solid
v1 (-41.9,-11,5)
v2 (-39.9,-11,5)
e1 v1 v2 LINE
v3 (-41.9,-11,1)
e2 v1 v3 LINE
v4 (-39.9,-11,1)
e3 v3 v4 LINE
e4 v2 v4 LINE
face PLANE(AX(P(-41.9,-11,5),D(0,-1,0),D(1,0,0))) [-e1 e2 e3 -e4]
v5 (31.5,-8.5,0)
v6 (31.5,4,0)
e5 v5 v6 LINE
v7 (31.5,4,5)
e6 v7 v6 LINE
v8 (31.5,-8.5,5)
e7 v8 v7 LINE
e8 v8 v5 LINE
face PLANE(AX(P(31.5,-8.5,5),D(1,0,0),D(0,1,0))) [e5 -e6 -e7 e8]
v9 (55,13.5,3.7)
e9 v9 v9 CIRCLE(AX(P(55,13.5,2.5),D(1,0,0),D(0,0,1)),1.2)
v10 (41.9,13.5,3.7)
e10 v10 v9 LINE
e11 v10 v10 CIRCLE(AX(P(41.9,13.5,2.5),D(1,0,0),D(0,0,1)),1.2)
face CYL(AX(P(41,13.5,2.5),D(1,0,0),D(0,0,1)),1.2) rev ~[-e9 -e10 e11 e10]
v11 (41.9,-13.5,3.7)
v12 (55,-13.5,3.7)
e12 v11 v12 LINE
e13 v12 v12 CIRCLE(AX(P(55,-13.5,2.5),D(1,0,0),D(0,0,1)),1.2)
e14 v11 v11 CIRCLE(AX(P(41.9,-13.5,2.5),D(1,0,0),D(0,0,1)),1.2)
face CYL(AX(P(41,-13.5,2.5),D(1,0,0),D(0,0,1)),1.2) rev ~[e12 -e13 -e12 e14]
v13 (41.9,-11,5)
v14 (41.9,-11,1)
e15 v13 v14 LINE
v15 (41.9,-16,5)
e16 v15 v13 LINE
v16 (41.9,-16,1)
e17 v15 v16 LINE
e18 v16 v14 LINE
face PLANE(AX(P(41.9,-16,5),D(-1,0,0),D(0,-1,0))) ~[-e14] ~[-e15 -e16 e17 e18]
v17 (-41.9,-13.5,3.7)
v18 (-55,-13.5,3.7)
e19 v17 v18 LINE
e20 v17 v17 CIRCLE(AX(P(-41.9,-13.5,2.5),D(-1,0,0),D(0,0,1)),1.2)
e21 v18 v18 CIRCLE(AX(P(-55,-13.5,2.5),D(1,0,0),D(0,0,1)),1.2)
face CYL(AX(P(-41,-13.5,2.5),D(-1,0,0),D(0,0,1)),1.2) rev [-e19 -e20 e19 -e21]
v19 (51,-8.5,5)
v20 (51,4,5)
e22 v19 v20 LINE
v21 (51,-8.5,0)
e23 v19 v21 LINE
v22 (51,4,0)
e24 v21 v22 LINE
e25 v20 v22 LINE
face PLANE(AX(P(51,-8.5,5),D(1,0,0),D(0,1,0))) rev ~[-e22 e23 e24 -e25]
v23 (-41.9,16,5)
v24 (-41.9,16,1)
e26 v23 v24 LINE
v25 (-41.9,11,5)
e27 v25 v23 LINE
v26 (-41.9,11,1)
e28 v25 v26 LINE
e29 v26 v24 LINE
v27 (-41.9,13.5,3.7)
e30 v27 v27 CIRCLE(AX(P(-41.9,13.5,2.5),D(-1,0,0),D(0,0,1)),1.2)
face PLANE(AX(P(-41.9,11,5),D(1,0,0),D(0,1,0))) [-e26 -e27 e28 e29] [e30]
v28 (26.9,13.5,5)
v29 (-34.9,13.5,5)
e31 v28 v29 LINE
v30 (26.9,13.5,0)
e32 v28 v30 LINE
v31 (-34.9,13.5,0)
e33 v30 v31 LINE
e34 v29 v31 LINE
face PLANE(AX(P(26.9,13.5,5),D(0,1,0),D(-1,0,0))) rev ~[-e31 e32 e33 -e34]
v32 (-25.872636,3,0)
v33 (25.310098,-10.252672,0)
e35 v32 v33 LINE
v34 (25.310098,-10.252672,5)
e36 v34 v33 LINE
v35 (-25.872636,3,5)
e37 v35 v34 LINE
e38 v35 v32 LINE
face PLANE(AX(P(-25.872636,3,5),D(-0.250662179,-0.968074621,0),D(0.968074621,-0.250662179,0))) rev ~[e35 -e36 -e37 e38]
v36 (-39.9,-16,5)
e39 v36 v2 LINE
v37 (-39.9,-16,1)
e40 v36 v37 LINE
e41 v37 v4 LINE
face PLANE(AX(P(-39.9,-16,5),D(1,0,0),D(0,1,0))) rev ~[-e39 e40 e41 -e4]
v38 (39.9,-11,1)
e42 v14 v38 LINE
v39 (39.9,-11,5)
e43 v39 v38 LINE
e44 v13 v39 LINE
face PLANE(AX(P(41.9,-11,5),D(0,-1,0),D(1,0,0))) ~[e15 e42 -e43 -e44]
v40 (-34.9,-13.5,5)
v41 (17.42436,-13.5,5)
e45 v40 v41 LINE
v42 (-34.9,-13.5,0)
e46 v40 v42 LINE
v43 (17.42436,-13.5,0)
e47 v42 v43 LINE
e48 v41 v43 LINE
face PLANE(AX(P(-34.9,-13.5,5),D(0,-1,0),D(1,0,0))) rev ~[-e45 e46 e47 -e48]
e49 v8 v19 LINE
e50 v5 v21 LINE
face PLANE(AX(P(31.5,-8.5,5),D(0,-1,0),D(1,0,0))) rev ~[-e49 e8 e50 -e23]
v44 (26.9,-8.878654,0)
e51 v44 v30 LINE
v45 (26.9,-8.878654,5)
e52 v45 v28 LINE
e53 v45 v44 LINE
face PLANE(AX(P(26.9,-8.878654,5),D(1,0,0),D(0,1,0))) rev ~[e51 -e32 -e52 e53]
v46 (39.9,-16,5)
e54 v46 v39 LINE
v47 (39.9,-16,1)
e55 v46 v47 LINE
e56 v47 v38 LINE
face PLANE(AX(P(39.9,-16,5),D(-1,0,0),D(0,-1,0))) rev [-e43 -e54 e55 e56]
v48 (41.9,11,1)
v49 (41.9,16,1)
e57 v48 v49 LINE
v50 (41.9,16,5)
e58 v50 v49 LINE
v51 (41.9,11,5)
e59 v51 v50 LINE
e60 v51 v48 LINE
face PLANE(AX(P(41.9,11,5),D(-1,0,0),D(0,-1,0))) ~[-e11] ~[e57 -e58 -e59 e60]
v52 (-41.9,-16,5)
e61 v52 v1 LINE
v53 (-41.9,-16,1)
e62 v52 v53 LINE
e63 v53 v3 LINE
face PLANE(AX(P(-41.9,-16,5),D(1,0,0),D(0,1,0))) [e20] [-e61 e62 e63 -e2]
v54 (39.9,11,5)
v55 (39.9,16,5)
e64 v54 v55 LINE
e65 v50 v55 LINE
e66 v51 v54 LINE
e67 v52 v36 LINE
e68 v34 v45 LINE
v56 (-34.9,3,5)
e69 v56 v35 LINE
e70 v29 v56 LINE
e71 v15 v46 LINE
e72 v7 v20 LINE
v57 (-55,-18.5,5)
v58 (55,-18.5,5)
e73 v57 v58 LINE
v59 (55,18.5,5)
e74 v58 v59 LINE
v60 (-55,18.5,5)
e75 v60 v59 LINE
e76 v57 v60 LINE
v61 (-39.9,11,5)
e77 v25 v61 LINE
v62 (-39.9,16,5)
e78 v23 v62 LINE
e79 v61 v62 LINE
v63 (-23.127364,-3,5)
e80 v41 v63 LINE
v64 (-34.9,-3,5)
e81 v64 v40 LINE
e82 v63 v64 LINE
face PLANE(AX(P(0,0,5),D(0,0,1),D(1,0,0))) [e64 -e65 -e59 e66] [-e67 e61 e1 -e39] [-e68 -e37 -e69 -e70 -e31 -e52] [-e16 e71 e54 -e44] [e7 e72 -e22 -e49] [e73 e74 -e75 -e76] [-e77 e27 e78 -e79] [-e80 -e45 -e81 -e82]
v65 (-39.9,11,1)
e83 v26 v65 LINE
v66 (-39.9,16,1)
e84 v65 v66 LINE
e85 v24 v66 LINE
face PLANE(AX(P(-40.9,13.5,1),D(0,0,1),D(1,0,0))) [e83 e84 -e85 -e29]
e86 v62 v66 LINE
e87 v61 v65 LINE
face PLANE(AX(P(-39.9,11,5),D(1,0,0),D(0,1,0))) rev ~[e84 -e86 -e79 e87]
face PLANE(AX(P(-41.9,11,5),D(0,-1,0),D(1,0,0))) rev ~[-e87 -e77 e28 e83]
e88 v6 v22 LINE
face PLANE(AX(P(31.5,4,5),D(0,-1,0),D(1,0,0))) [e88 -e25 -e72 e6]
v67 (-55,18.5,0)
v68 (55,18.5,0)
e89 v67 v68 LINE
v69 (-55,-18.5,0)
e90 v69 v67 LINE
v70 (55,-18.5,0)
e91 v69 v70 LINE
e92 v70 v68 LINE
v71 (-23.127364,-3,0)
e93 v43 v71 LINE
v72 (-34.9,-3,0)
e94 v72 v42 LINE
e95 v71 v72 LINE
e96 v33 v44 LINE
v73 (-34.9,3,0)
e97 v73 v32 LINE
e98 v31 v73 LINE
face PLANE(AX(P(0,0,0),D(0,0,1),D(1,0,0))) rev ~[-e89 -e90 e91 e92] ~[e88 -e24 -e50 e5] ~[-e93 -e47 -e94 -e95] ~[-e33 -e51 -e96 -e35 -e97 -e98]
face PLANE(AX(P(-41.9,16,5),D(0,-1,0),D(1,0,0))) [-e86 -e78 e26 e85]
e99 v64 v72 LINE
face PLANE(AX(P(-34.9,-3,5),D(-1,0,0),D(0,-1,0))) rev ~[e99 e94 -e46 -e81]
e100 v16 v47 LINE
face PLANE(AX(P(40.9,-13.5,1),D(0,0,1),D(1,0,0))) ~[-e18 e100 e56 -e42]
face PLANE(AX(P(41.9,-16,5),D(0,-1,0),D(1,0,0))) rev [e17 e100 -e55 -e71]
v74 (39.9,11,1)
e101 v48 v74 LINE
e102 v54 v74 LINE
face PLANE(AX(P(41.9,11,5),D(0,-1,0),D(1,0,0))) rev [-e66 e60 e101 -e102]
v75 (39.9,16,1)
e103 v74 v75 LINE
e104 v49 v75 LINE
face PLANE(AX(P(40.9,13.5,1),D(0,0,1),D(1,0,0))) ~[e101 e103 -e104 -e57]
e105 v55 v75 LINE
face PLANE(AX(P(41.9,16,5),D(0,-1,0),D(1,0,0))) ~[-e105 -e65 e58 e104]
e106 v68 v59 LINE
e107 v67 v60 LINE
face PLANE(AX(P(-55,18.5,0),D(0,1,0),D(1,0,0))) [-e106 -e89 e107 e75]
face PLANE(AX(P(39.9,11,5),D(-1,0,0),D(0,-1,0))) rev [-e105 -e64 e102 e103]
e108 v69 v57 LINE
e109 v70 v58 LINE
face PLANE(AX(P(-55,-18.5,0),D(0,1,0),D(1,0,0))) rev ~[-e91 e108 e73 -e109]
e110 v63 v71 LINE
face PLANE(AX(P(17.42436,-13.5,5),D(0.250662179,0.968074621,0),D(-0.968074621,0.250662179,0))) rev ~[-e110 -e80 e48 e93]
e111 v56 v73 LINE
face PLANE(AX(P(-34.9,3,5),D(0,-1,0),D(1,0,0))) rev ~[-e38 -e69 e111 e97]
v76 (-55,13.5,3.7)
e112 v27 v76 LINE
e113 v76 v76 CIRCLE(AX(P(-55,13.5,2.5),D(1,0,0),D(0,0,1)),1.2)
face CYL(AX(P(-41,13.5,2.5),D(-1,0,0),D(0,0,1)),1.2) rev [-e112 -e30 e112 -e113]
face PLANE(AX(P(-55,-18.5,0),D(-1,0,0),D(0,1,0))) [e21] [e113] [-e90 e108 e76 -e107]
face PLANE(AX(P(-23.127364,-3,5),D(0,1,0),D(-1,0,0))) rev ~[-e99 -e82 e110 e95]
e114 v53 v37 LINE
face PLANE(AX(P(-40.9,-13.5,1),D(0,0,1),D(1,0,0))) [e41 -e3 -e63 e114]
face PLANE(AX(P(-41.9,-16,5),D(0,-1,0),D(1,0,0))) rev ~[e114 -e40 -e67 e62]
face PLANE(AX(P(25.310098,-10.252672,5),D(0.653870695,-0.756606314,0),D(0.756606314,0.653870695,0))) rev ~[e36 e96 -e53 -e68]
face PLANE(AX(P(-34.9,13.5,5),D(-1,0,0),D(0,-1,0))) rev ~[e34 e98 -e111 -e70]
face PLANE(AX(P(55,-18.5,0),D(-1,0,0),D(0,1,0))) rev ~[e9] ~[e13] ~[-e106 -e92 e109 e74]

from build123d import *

# Parameters (mm, degrees)
SKETCH1_W                     = 110
SKETCH1_H                     = 37
BOSS_EXTRUDE1_DEPTH           = 5
M2_CLEARANCE_HOLE1_AT_2_COUNT = 2
M2_CLEARANCE_HOLE1_AT_2_PITCH = 27
SKETCH5_W                     = 2
SKETCH5_H                     = 5
CUT_EXTRUDE1_DEPTH            = 4
SKETCH6_W                     = 19.5
SKETCH6_H                     = 12.5
CUT_EXTRUDE2_DEPTH            = 10
CUT_EXTRUDE3_DEPTH            = 59.243025334


with BuildPart() as part:
    # Sketch1 → Boss-Extrude1 (new body)
    with BuildSketch(Plane.XY):
        Rectangle(SKETCH1_W, SKETCH1_H)
    extrude(amount=BOSS_EXTRUDE1_DEPTH)

    # Sketch4 → M2 Clearance Hole1 (revolve, cut)
    with BuildSketch(Plane(origin=(-55, 13.5, 2.5), x_dir=(0, 0, 1), z_dir=(0, 1, 0))):
        Polygon((0, 0), (0, 14.721032743), (1.2, 14), (1.2, 0), align=None)
    m2_clearance_hole1 = revolve(axis=Axis((-61.35, 13.5, 2.5), (1, 0, 0)), mode=Mode.SUBTRACT)

    # M2 Clearance Hole1 at 2: M2 Clearance Hole1 ×2
    with Locations(*[(0, -i * M2_CLEARANCE_HOLE1_AT_2_PITCH, 0) for i in range(1, M2_CLEARANCE_HOLE1_AT_2_COUNT)]):
        add(m2_clearance_hole1, mode=Mode.SUBTRACT)

    # Sketch5 → Cut-Extrude1 (cut)
    with BuildSketch(Plane.XY.offset(5)):
        with Locations((-40.9, 13.5)):
            Rectangle(SKETCH5_W, SKETCH5_H)
        with Locations((-40.9, -13.5)):
            Rectangle(SKETCH5_W, SKETCH5_H)
    cut_extrude1 = extrude(amount=-CUT_EXTRUDE1_DEPTH, mode=Mode.SUBTRACT)

    # Mirror1: M2 Clearance Hole1, Cut-Extrude1 across plane
    add(m2_clearance_hole1.mirror(Plane(origin=(0, 0, 0), x_dir=(0, 0, 1), z_dir=(1, 0, 0))), mode=Mode.SUBTRACT)
    add(cut_extrude1.mirror(Plane(origin=(0, 0, 0), x_dir=(0, 0, 1), z_dir=(1, 0, 0))), mode=Mode.SUBTRACT)

    # Mirror1 copy 1 sketch → Mirror1 copy 1 (revolve, cut)
    with BuildSketch(Plane(origin=(55, -13.5, 2.5), x_dir=(0, 0, 1), z_dir=(0, 1, 0))):
        Polygon((0, 0), (0, -14.721032743), (1.2, -14), (1.2, 0), align=None)
    revolve(axis=Axis((61.35, -13.5, 2.5), (1, 0, 0)), mode=Mode.SUBTRACT)

    # Sketch6 → Cut-Extrude2 (cut)
    with BuildSketch(Plane.XY.offset(5)):
        with Locations((41.25, -2.25)):
            Rectangle(SKETCH6_W, SKETCH6_H)
    extrude(amount=-CUT_EXTRUDE2_DEPTH, mode=Mode.SUBTRACT)

    # Sketch7 → Cut-Extrude3 (cut, through all)
    with BuildSketch(Plane.XY.offset(5)):
        Polygon((-34.9, -3), (-34.9, -13.5), (17.424359974, -13.5), (-23.127364164, -3), align=None)
        Polygon((-34.9, 13.5), (-34.9, 3), (-25.872635836, 3), (25.310097731, -10.252672084), (26.9, -8.878654338), (26.9, 13.5), align=None)
    extrude(amount=-CUT_EXTRUDE3_DEPTH, mode=Mode.SUBTRACT)


solid = part.part
